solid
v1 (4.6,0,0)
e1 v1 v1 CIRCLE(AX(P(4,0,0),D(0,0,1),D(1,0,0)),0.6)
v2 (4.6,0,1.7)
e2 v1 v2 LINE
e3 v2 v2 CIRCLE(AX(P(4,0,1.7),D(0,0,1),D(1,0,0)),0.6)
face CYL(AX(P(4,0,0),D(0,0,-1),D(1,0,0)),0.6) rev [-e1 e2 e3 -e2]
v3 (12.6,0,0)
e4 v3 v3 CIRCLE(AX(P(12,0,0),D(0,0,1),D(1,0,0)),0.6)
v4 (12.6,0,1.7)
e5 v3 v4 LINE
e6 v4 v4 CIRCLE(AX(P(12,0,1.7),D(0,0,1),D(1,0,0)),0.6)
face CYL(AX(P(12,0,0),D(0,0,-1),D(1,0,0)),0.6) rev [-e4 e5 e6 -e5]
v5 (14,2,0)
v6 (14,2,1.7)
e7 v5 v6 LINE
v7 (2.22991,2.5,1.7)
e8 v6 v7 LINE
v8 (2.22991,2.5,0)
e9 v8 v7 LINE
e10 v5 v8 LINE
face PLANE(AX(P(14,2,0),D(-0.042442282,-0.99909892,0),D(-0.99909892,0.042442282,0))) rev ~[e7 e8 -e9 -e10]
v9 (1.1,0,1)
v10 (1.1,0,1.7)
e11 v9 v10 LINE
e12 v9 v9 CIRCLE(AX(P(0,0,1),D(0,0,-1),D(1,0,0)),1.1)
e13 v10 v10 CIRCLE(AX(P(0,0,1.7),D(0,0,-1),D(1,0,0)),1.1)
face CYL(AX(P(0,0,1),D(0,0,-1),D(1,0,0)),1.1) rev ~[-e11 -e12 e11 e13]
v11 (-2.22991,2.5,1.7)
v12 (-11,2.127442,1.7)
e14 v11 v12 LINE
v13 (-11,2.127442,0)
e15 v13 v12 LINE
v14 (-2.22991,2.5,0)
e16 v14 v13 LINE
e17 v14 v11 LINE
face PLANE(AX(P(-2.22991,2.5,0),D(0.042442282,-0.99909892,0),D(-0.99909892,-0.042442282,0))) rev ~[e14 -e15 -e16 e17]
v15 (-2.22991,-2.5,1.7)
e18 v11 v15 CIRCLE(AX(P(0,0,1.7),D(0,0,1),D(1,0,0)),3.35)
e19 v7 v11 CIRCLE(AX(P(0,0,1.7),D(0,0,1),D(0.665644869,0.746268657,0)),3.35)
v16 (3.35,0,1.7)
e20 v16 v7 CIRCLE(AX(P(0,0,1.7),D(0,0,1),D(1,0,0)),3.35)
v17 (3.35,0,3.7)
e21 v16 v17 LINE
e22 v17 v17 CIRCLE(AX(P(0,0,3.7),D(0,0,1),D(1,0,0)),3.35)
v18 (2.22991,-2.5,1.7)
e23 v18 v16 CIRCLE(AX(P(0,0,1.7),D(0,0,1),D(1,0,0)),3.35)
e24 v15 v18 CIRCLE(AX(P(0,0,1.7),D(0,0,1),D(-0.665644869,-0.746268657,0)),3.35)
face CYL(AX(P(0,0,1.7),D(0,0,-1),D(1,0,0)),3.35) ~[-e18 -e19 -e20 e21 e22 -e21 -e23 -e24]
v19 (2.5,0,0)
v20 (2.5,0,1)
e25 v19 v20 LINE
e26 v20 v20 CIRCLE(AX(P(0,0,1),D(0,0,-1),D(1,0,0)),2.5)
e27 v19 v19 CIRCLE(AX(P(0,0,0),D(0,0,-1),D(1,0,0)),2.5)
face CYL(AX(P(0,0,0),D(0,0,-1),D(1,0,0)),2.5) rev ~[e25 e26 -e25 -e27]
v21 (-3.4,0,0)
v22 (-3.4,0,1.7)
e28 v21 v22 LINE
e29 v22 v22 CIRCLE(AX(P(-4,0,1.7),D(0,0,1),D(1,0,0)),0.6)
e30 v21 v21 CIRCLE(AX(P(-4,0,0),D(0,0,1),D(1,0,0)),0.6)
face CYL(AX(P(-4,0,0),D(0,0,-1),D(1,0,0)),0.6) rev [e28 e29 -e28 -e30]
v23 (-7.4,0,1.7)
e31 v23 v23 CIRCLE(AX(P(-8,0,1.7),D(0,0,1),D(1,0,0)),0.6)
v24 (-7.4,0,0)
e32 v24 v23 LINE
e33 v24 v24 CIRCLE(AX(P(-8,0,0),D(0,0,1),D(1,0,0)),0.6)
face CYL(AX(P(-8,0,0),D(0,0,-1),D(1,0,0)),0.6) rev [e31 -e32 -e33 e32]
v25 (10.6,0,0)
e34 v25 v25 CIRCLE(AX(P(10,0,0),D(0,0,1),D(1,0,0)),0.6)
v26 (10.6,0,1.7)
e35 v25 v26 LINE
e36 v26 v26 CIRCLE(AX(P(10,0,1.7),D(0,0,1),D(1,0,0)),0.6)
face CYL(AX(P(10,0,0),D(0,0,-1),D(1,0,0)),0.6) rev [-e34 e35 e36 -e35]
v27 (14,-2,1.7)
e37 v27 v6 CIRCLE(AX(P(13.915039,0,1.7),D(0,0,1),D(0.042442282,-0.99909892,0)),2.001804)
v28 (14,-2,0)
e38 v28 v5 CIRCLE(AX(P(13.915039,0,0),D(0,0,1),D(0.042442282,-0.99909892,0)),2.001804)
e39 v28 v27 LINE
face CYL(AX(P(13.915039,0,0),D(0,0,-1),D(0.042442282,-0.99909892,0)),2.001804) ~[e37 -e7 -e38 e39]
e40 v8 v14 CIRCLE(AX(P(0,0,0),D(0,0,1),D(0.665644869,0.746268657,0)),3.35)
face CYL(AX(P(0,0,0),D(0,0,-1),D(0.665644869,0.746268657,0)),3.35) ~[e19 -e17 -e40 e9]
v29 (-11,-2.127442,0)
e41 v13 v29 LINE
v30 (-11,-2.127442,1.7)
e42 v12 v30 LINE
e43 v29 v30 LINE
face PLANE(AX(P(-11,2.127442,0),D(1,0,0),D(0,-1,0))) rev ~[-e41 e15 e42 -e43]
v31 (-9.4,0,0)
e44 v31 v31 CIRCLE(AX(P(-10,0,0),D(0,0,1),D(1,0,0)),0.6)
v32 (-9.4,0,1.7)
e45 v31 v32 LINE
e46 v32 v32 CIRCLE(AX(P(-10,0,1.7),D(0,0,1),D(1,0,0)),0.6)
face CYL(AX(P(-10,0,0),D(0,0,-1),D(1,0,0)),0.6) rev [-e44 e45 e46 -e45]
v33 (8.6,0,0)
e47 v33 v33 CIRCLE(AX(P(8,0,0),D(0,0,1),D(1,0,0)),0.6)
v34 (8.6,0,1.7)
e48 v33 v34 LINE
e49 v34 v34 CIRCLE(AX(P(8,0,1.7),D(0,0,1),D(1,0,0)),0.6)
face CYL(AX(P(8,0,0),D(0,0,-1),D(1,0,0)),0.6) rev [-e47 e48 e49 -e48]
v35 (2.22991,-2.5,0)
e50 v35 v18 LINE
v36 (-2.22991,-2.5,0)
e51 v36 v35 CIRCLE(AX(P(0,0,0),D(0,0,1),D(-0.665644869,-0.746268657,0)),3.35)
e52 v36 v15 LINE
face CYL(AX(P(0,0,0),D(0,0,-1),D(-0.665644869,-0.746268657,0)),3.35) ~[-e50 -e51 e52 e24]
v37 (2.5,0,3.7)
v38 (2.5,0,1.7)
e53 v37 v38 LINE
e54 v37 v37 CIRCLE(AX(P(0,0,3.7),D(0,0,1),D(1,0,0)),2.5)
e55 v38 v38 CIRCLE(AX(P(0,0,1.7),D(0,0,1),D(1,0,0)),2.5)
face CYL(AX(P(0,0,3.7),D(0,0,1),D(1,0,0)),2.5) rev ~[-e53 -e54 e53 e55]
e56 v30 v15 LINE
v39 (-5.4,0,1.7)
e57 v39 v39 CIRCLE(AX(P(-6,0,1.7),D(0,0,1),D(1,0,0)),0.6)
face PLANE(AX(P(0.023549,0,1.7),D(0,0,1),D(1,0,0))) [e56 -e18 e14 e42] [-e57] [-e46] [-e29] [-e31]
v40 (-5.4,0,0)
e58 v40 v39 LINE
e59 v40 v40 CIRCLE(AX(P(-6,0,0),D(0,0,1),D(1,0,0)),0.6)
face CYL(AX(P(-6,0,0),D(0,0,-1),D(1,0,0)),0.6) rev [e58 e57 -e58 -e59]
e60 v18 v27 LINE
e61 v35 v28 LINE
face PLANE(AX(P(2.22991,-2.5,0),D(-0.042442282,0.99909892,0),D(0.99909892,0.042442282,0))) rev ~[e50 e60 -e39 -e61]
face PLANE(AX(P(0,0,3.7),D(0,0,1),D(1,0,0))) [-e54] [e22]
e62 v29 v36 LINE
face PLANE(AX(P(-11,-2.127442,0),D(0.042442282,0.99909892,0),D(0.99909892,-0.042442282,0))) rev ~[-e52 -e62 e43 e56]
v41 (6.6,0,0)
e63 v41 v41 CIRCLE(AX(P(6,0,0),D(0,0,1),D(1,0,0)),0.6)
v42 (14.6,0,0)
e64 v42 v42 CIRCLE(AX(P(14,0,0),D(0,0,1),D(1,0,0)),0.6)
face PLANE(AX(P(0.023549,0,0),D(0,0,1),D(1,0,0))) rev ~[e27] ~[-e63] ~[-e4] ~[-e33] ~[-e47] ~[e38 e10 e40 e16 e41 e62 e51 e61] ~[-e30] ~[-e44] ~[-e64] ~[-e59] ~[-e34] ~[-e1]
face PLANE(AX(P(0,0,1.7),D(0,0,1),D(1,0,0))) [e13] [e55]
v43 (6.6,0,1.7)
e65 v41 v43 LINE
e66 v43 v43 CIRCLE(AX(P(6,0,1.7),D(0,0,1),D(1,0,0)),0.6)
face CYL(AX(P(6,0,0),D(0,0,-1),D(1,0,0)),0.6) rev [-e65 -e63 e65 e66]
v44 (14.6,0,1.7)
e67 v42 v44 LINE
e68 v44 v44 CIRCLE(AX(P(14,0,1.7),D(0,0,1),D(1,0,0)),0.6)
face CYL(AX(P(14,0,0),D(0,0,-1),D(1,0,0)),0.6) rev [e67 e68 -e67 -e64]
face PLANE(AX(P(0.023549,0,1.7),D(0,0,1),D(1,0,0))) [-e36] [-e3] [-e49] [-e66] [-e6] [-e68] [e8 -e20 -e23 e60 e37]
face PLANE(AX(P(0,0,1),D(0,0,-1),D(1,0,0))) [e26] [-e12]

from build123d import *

# Parameters (mm, degrees)
F0_R     = 0.6
F1_DEPTH = 1.7
F2_R     = 3.35
F3_DEPTH = 2
F4_R     = 2.5
F5_DEPTH = 1
F6_R     = 1.1
F7_DEPTH = 2.701
F8_R     = 2.5
F9_DEPTH = 2


with BuildPart() as f1:
    # F0 (on Top) → F1 (new body)
    with BuildSketch(Plane.XY):
        with BuildLine():
            ThreePointArc((2.2299103121, -2.5), (3.057180036, -1.369726333), (3.35, 0))
            ThreePointArc((3.35, 0), (3.057180036, 1.369726333), (2.2299103121, 2.5))
            ThreePointArc((2.2299103121, 2.5), (0, 3.35), (-2.2299103121, 2.5))
            ThreePointArc((-2.2299103121, 2.5), (-3.35, 0), (-2.2299103121, -2.5))
            ThreePointArc((-2.2299103121, -2.5), (0, -3.35), (2.2299103121, -2.5))
        make_face()
        with BuildLine():
            ThreePointArc((2.2299103121, 2.5), (3.057180036, 1.369726333), (3.35, 0))
            ThreePointArc((3.35, 0), (3.057180036, -1.369726333), (2.2299103121, -2.5))
            Line((2.2299103121, -2.5), (14, -2))
            ThreePointArc((14, -2), (15.9168426648, 0), (14, 2))
            Line((14, 2), (2.2299103121, 2.5))
        make_face()
        with Locations((4, 0)):
            Circle(F0_R, mode=Mode.SUBTRACT)
        with Locations((6, 0)):
            Circle(F0_R, mode=Mode.SUBTRACT)
        with Locations((8, 0)):
            Circle(F0_R, mode=Mode.SUBTRACT)
        with Locations((10, 0)):
            Circle(F0_R, mode=Mode.SUBTRACT)
        with Locations((12, 0)):
            Circle(F0_R, mode=Mode.SUBTRACT)
        with Locations((14, 0)):
            Circle(F0_R, mode=Mode.SUBTRACT)
        with BuildLine():
            ThreePointArc((-2.2299103121, -2.5), (-3.35, 0), (-2.2299103121, 2.5))
            Line((-2.2299103121, 2.5), (-11, 2.1274416797))
            Line((-11, 2.1274416797), (-11, -2.1274416797))
            Line((-11, -2.1274416797), (-2.2299103121, -2.5))
        make_face()
        with Locations((-10, 0)):
            Circle(F0_R, mode=Mode.SUBTRACT)
        with Locations((-8, 0)):
            Circle(F0_R, mode=Mode.SUBTRACT)
        with Locations((-6, 0)):
            Circle(F0_R, mode=Mode.SUBTRACT)
        with Locations((-4, 0)):
            Circle(F0_R, mode=Mode.SUBTRACT)
    extrude(amount=F1_DEPTH)

    # F2 (on face) → F3 (join)
    with BuildSketch(Plane.XY.offset(1.7)):
        Circle(F2_R)
    extrude(amount=F3_DEPTH)

    # F4 (on face) → F5 (cut)
    with BuildSketch(Plane(origin=(0, 0, 0), x_dir=(1, 0, 0), z_dir=(0, 0, -1))):
        Circle(F4_R)
    extrude(amount=-F5_DEPTH, mode=Mode.SUBTRACT)

    # F6 (on face) → F7 (cut, through all)
    with BuildSketch(Plane(origin=(0, 0, 1), x_dir=(1, 0, 0), z_dir=(0, 0, -1))):
        Circle(F6_R)
    extrude(amount=-F7_DEPTH, mode=Mode.SUBTRACT)

    # F8 (on face) → F9 (cut)
    with BuildSketch(Plane.XY.offset(3.7)):
        Circle(F8_R)
    extrude(amount=-F9_DEPTH, mode=Mode.SUBTRACT)


solid = f1.part
